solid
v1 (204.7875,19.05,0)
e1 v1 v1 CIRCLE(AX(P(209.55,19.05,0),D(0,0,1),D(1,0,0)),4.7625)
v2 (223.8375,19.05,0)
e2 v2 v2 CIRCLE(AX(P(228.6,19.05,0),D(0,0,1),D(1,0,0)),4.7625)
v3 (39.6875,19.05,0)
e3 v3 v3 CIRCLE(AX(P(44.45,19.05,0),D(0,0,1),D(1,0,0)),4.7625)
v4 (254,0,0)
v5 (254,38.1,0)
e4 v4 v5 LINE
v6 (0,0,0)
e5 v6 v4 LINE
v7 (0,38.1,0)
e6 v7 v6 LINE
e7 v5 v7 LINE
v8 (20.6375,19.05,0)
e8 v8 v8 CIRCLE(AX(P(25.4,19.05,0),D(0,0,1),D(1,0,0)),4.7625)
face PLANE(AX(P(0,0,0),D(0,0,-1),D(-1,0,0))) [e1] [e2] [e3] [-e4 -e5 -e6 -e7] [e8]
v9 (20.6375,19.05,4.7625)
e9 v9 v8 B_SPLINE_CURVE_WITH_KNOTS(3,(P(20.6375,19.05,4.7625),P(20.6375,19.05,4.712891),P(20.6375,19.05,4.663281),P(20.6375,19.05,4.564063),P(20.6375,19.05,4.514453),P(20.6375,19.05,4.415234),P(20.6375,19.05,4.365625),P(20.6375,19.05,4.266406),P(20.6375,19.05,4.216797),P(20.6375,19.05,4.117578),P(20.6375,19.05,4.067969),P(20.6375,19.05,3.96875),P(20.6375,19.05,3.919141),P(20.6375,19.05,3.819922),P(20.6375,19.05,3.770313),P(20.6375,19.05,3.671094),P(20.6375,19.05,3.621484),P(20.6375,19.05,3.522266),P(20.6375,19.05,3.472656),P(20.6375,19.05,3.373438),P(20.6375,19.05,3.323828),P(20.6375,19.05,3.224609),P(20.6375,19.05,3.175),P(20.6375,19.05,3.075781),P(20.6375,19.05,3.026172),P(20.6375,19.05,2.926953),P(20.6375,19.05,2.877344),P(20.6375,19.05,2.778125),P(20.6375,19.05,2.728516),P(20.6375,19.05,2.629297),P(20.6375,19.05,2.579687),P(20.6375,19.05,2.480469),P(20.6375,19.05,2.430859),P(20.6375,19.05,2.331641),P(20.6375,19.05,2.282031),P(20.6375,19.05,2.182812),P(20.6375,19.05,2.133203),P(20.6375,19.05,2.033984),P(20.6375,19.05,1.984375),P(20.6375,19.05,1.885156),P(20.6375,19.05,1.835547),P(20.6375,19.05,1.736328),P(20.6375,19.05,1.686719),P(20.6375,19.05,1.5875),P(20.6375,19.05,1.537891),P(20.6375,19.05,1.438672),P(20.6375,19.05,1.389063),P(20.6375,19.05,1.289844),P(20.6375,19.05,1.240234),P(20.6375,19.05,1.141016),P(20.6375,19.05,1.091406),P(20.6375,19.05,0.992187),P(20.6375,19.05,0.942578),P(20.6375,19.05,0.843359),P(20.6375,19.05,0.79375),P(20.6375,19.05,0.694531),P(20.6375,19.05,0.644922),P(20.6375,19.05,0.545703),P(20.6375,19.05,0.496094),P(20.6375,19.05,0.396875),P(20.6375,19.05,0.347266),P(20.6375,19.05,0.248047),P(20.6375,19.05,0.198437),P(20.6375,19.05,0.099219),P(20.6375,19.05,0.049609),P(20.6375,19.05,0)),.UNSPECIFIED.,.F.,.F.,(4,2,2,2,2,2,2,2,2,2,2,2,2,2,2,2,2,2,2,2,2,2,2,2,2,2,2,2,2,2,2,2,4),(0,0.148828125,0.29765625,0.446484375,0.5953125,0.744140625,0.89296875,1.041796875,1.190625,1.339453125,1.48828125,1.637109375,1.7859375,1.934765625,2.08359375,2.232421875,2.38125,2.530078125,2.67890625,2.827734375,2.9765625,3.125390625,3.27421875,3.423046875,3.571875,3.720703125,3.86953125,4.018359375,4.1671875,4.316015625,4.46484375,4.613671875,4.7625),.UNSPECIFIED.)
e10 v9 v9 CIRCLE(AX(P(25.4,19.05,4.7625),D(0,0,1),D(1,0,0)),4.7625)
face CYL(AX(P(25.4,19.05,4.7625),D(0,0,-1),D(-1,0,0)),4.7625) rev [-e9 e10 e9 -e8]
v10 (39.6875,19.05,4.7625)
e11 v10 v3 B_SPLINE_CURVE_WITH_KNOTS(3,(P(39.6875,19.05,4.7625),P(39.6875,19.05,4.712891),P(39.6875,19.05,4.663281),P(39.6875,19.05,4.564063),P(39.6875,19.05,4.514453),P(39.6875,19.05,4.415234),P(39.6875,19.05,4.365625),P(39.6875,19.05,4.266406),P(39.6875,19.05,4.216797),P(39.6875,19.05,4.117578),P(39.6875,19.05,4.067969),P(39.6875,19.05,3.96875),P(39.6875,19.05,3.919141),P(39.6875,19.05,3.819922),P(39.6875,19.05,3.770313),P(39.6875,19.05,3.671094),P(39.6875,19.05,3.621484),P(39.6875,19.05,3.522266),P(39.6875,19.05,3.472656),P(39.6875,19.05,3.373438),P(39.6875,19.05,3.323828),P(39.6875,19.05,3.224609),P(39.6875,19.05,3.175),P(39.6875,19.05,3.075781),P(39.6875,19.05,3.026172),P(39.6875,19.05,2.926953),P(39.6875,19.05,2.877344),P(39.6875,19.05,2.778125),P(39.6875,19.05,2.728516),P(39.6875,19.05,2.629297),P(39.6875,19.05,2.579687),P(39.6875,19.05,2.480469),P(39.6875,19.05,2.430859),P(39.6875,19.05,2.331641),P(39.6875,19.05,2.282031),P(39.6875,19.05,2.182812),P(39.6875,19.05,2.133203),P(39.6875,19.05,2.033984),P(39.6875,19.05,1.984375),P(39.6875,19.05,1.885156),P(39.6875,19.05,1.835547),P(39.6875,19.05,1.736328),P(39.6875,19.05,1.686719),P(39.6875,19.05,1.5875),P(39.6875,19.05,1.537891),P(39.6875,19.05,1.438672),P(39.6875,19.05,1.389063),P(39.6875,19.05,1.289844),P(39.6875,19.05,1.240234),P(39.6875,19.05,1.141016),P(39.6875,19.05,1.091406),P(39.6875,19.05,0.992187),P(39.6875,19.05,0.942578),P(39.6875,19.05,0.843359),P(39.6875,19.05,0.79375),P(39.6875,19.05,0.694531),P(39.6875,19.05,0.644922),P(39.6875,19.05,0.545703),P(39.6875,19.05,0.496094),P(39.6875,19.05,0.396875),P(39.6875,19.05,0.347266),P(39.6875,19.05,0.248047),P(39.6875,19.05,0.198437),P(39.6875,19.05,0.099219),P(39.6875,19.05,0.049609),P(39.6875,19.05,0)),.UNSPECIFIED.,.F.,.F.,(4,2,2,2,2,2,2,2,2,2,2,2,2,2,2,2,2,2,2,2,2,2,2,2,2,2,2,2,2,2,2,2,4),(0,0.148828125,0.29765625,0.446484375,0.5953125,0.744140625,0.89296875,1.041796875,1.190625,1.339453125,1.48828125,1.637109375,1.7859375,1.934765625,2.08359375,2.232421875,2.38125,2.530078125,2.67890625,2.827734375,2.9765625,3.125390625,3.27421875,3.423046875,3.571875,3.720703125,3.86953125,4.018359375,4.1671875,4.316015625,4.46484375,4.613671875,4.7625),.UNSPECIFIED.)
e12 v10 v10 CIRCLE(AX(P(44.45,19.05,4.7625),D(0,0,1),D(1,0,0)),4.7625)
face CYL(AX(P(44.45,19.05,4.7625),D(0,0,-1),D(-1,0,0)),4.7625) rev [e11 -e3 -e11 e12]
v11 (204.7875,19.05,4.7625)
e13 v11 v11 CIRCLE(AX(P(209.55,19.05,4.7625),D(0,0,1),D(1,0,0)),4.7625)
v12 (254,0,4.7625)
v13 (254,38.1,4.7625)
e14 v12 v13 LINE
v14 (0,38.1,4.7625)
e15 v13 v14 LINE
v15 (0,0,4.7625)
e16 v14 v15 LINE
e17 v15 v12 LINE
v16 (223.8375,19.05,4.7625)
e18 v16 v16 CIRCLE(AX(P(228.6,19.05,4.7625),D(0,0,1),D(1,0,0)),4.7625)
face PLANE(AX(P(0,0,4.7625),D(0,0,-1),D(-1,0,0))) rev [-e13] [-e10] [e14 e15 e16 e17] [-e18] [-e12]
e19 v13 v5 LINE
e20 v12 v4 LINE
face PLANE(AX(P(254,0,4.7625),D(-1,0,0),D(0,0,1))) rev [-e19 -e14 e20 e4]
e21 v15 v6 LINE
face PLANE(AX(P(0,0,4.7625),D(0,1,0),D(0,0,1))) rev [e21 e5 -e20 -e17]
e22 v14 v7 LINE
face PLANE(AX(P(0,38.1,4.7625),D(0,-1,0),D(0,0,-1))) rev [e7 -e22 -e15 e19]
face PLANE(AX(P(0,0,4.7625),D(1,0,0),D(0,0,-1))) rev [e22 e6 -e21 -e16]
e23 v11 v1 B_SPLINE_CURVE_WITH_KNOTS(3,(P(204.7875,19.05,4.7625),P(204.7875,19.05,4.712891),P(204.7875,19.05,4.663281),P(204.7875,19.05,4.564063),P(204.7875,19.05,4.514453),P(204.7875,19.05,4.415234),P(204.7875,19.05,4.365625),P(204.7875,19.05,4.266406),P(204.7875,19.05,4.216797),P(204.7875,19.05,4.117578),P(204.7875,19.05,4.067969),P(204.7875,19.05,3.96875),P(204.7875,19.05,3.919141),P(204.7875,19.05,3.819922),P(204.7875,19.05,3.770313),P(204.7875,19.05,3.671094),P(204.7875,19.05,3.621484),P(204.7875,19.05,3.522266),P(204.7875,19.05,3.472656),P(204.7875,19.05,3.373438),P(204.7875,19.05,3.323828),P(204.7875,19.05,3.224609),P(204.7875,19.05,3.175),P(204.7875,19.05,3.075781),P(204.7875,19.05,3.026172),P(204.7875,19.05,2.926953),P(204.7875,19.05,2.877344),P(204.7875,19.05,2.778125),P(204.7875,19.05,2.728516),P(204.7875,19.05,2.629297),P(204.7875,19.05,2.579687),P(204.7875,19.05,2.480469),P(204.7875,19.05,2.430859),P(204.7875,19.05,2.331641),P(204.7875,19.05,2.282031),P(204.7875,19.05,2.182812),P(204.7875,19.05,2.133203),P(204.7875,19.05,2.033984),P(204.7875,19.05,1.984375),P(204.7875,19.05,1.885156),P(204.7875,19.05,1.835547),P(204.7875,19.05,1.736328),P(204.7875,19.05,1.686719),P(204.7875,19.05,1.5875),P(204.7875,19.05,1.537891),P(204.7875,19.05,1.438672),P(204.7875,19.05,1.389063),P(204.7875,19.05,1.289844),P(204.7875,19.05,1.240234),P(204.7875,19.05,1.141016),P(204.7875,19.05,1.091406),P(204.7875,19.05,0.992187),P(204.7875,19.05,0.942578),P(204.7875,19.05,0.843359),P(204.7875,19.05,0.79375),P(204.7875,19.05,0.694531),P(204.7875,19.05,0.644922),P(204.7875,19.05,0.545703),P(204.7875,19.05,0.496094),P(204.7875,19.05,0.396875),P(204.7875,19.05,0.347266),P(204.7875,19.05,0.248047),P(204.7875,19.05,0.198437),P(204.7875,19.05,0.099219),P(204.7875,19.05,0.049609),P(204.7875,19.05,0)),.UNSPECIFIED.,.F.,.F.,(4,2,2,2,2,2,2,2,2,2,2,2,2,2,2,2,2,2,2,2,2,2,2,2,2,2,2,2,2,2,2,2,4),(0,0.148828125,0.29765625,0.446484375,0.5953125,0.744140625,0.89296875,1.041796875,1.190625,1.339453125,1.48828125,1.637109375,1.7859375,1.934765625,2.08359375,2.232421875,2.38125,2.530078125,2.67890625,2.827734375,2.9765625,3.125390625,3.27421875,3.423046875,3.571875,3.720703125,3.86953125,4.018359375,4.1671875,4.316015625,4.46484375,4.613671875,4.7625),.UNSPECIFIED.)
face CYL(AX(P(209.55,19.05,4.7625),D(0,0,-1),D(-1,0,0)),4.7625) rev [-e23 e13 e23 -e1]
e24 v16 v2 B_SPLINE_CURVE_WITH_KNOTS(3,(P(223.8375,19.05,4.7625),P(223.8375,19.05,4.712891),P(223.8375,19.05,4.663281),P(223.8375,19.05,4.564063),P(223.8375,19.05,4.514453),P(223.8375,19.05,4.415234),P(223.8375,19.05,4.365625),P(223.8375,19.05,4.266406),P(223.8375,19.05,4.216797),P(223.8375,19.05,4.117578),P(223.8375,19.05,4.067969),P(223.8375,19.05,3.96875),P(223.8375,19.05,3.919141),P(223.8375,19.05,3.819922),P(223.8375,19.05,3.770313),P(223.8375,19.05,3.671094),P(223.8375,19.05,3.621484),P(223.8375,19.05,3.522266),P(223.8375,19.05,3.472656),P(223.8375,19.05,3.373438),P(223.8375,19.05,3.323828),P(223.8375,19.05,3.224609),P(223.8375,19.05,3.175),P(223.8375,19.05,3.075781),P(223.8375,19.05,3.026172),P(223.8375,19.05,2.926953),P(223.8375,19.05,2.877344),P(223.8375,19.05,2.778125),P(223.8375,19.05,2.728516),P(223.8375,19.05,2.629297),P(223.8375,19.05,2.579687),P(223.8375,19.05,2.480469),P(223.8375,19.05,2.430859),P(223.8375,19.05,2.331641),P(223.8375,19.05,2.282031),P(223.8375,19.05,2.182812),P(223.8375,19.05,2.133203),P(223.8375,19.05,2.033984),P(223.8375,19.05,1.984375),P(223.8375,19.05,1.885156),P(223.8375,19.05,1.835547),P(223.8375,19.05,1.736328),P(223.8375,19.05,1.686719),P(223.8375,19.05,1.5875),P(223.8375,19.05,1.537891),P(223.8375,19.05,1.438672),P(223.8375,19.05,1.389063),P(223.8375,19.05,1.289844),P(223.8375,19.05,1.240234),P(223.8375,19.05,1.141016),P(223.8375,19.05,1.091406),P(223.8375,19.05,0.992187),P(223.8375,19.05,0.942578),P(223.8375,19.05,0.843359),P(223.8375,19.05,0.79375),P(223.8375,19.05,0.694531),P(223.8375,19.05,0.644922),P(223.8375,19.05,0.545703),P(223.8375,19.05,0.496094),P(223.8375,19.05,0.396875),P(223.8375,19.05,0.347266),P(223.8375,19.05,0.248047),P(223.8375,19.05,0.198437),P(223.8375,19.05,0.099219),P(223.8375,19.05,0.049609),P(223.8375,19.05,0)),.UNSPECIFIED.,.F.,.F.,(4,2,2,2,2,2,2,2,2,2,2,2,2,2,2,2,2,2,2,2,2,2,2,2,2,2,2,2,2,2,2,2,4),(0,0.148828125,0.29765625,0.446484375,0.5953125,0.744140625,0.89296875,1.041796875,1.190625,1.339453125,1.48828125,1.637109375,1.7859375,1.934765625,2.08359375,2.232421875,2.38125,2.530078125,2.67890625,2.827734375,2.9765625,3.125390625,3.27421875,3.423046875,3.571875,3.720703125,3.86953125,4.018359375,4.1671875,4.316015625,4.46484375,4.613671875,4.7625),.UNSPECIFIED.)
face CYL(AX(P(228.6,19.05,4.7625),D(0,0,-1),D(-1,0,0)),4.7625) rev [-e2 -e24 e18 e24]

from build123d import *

# Parameters (mm, degrees)
SKETCH1_W           = 254
SKETCH1_H           = 38.1
SKETCH1_R           = 4.7625
BOSS_EXTRUDE1_DEPTH = 4.7625


with BuildPart() as part:
    # Sketch1 → Boss-Extrude1 (new body)
    with BuildSketch(Plane.XY):
        with Locations((127, 19.05)):
            Rectangle(SKETCH1_W, SKETCH1_H)
        with Locations(Location((209.55, 19.05, 0), (0, 0, 180))):
            Circle(SKETCH1_R, mode=Mode.SUBTRACT)
        with Locations(Location((228.6, 19.05, 0), (0, 0, 180))):
            Circle(SKETCH1_R, mode=Mode.SUBTRACT)
        with Locations(Location((25.4, 19.05, 0), (0, 0, 180))):
            Circle(SKETCH1_R, mode=Mode.SUBTRACT)
        with Locations(Location((44.45, 19.05, 0), (0, 0, 180))):
            Circle(SKETCH1_R, mode=Mode.SUBTRACT)
    extrude(amount=BOSS_EXTRUDE1_DEPTH)


solid = part.part
